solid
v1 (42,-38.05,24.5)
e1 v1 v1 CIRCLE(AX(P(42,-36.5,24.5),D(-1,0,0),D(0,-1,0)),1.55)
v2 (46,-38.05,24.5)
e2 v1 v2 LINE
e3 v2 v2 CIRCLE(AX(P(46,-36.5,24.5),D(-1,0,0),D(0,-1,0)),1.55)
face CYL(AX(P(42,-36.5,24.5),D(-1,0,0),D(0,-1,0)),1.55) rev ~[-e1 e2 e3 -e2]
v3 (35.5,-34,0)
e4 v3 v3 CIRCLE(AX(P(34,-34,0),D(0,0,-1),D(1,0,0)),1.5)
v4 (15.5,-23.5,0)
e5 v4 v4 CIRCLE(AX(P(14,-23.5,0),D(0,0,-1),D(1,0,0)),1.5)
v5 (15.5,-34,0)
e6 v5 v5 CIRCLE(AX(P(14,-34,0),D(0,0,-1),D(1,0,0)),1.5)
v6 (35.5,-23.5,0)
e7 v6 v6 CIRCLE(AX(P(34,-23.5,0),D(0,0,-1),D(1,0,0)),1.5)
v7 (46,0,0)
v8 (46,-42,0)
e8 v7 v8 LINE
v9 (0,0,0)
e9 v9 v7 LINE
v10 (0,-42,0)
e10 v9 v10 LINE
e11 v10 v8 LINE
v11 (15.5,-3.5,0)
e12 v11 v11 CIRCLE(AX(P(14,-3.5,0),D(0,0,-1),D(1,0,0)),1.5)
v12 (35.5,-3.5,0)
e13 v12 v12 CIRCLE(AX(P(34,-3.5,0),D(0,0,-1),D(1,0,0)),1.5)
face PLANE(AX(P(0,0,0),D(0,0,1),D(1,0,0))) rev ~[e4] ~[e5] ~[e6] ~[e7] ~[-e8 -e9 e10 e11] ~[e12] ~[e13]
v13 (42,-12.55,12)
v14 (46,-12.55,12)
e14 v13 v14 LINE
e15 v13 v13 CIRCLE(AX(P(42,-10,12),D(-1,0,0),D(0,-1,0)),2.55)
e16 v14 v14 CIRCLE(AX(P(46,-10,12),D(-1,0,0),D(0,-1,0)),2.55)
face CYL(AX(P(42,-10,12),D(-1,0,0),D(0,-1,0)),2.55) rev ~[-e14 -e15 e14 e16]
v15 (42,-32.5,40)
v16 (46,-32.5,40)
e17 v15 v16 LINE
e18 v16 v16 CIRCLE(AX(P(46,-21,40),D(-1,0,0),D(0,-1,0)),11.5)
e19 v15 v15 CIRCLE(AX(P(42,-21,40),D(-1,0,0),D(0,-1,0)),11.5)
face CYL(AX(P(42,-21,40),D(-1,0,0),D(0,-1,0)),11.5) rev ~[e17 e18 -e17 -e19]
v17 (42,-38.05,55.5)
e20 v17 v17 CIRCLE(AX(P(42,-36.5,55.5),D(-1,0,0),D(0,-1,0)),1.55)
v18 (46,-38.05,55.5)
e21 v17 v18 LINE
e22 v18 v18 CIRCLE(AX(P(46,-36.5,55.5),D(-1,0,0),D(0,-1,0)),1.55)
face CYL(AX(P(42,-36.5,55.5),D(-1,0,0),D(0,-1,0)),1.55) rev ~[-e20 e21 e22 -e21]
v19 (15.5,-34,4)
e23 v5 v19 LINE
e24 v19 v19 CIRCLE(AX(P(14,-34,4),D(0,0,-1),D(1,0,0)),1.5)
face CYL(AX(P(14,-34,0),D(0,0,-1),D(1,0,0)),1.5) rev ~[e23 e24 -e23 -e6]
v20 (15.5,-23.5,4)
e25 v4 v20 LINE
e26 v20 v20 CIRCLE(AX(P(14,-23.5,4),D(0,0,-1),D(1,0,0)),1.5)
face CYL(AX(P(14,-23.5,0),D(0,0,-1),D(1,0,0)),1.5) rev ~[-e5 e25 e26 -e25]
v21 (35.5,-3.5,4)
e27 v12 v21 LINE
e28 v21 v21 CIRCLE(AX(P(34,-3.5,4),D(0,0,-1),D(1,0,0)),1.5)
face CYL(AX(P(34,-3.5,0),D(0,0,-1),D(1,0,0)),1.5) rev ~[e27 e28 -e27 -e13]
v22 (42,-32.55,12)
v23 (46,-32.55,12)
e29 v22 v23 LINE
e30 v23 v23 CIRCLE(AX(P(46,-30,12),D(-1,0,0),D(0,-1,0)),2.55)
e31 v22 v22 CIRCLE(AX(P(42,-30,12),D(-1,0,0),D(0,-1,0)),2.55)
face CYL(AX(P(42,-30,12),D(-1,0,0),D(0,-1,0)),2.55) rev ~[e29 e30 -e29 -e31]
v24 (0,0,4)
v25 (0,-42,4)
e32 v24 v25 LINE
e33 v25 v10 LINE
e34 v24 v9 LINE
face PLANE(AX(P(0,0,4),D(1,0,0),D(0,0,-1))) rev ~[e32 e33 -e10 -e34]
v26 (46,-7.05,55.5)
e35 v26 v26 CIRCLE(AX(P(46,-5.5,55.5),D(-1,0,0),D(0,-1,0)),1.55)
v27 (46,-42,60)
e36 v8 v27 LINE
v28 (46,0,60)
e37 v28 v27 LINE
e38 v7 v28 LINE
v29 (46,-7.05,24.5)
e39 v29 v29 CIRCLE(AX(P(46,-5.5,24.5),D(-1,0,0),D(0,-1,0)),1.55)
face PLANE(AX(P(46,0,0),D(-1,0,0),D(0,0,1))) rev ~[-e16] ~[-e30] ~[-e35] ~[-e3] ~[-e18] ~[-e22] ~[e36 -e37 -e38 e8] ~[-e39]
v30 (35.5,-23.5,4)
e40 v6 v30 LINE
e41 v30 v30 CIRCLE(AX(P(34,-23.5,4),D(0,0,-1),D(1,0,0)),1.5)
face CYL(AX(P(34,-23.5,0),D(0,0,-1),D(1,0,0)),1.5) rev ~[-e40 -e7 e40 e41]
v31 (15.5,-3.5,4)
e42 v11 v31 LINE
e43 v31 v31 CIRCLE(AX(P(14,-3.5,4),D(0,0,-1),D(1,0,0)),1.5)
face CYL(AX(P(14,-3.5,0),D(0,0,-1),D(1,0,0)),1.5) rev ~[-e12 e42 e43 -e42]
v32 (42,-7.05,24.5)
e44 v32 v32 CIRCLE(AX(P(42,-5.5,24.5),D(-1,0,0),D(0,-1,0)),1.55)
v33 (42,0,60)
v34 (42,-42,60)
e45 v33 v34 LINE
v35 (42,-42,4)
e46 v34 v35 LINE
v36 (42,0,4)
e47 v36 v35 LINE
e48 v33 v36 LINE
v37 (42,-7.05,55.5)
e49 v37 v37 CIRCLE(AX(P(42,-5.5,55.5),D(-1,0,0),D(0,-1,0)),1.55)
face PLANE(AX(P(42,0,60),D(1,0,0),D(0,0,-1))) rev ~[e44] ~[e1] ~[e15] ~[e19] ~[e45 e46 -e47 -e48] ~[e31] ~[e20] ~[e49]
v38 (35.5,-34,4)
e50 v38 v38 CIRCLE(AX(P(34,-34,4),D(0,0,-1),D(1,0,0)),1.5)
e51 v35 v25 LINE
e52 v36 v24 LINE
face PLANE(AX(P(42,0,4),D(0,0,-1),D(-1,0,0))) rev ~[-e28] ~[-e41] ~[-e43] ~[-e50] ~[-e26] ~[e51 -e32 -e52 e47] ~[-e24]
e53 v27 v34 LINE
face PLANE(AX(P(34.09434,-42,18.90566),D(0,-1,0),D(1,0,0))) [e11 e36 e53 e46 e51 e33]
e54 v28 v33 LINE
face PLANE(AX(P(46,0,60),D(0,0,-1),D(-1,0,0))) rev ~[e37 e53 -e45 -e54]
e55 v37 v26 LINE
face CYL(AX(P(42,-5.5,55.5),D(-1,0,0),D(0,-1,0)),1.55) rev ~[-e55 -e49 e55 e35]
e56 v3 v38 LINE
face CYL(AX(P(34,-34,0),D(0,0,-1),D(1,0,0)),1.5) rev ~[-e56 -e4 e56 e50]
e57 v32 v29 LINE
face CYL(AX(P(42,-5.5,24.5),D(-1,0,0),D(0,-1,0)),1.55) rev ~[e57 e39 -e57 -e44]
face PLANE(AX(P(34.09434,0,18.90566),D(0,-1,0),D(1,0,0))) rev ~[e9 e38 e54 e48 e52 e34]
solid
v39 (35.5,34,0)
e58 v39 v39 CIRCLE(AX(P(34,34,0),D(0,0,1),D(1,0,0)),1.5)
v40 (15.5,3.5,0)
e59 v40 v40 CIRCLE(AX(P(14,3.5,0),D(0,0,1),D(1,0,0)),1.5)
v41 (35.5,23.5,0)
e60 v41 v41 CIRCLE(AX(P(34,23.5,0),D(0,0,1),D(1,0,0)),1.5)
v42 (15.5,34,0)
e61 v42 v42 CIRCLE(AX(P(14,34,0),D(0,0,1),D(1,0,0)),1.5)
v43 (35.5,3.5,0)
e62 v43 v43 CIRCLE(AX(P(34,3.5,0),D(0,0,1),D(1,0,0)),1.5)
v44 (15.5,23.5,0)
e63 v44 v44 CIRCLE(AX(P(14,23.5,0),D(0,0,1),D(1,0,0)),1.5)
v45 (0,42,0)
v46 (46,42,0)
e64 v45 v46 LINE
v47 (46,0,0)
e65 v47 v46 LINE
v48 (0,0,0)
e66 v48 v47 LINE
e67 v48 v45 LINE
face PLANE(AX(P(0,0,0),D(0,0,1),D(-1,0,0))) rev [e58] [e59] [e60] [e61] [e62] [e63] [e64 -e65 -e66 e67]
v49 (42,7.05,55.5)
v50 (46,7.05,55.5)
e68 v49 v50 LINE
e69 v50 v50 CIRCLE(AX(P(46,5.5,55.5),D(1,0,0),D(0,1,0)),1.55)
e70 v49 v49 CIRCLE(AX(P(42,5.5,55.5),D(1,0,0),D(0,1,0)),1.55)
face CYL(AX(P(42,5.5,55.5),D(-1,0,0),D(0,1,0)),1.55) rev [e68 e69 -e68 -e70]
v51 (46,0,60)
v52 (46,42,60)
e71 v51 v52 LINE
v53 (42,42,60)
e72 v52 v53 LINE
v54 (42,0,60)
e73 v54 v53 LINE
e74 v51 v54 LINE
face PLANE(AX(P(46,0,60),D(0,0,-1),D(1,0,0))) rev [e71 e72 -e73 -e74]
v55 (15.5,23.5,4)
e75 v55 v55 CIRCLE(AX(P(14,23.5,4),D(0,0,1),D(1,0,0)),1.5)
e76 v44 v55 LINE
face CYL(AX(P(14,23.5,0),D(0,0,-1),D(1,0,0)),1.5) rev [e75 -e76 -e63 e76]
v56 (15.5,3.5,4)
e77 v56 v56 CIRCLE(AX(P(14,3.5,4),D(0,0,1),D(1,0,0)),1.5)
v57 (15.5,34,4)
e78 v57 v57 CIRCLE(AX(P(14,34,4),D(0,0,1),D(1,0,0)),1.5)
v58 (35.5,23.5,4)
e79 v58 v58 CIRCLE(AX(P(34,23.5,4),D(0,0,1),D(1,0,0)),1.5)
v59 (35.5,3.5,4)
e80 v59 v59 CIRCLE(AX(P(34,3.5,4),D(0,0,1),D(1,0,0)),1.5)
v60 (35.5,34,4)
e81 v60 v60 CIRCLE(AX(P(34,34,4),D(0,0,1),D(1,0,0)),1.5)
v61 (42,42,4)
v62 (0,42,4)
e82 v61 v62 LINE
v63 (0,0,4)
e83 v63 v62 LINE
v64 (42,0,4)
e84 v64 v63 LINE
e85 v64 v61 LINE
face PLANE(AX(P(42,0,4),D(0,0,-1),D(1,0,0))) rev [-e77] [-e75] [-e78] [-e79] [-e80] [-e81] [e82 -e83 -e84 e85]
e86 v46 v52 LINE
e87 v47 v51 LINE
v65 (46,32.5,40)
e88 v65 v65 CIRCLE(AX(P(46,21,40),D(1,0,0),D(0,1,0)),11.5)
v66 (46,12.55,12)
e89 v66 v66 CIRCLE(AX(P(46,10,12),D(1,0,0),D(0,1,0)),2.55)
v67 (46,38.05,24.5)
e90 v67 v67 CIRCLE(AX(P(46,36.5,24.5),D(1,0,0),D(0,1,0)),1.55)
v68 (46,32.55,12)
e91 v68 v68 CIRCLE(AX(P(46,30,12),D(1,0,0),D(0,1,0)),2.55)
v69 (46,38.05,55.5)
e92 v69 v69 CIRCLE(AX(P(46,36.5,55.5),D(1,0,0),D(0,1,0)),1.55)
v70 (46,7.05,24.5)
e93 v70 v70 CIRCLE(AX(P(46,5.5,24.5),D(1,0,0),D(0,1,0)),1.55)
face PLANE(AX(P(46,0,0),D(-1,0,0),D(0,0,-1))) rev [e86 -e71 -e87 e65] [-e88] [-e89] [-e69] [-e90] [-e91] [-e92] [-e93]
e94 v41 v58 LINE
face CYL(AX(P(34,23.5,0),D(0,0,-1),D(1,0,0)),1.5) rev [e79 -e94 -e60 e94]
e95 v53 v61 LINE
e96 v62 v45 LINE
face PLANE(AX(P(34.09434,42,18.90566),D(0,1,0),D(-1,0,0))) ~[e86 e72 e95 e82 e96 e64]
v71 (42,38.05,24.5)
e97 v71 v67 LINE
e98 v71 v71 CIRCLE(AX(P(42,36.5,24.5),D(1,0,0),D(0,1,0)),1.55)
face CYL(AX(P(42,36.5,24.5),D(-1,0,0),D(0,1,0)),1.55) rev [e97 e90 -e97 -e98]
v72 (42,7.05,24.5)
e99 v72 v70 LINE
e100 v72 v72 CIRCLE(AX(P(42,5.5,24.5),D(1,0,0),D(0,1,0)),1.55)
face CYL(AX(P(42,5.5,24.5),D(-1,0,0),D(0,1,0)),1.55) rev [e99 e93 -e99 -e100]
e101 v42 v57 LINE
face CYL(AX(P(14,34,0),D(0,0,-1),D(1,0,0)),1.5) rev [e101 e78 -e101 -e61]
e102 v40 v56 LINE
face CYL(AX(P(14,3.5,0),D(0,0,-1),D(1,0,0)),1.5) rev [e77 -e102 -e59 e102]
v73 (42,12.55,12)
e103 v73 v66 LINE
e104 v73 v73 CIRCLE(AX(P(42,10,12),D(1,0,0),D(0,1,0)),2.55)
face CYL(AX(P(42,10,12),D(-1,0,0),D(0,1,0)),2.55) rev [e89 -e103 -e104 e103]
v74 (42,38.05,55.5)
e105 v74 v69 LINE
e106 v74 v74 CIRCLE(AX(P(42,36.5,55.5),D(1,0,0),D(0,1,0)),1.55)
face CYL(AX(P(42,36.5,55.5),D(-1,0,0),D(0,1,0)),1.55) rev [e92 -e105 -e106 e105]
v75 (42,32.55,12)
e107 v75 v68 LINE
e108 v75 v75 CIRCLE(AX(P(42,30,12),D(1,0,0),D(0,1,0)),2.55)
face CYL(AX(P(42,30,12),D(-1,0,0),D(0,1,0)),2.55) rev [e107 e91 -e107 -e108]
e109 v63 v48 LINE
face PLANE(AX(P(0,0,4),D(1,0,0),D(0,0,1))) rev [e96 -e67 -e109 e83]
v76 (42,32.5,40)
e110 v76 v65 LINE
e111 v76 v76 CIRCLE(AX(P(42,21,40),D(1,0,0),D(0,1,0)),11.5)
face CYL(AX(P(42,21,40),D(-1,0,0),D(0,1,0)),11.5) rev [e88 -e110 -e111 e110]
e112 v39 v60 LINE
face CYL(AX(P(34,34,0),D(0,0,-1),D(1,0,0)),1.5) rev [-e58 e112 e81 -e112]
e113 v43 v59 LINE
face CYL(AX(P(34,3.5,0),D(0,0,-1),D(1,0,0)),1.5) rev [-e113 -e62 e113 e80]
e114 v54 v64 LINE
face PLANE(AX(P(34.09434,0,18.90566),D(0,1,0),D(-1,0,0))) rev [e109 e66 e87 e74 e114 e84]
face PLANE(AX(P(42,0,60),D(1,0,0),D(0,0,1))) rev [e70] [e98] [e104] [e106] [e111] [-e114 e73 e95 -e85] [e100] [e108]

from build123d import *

# Parameters (mm, degrees)
F1_DEPTH = 42
F2_R     = 1.5
F3_DEPTH = 25
F4_R     = 2.55
F5_DEPTH = 4
F6_R     = 1.55
F6_R_2   = 11.5
F7_DEPTH = 4


with BuildPart() as f1:
    # F0 (on Front) → F1 (new body)
    with BuildSketch(Plane.XZ):
        Polygon((0, 4), (0, 0), (46, 0), (46, 25), (46, 60), (42, 60), (42, 23), (42, 4), align=None)
    extrude(amount=F1_DEPTH)

    # F2 (on face) → F3 (cut)
    with BuildSketch(Plane(origin=(0, 0, 0), x_dir=(1, 0, 0), z_dir=(0, 0, -1))):
        with Locations((14, 3.5)):
            Circle(F2_R)
        with Locations((34, 3.5)):
            Circle(F2_R)
        with Locations((14, 23.5)):
            Circle(F2_R)
        with Locations((34, 23.5)):
            Circle(F2_R)
        with Locations((34, 34)):
            Circle(F2_R)
        with Locations((14, 34)):
            Circle(F2_R)
    extrude(amount=-F3_DEPTH, mode=Mode.SUBTRACT)

    # F4 (on face) → F5 (cut, through all)
    with BuildSketch(Plane(origin=(42, 0, 0), x_dir=(0, -1, 0), z_dir=(-1, 0, 0))):
        with Locations((10, 12)):
            Circle(F4_R)
        with Locations((30, 12)):
            Circle(F4_R)
    extrude(amount=-F5_DEPTH, mode=Mode.SUBTRACT)

    # F6 (on face) → F7 (cut, through all)
    with BuildSketch(Plane(origin=(42, 0, 0), x_dir=(0, -1, 0), z_dir=(-1, 0, 0))):
        with Locations((5.5, 55.5)):
            Circle(F6_R)
        with Locations((36.5, 55.5)):
            Circle(F6_R)
        with Locations((5.5, 24.5)):
            Circle(F6_R)
        with Locations((36.5, 24.5)):
            Circle(F6_R)
        with Locations((21, 40)):
            Circle(F6_R_2)
    extrude(amount=-F7_DEPTH, mode=Mode.SUBTRACT)


with BuildPart() as f8_1:
    # F8: instance of F1
    add(f1.part.mirror(Plane.XZ))


solid = Compound([f1.part, f8_1.part])
